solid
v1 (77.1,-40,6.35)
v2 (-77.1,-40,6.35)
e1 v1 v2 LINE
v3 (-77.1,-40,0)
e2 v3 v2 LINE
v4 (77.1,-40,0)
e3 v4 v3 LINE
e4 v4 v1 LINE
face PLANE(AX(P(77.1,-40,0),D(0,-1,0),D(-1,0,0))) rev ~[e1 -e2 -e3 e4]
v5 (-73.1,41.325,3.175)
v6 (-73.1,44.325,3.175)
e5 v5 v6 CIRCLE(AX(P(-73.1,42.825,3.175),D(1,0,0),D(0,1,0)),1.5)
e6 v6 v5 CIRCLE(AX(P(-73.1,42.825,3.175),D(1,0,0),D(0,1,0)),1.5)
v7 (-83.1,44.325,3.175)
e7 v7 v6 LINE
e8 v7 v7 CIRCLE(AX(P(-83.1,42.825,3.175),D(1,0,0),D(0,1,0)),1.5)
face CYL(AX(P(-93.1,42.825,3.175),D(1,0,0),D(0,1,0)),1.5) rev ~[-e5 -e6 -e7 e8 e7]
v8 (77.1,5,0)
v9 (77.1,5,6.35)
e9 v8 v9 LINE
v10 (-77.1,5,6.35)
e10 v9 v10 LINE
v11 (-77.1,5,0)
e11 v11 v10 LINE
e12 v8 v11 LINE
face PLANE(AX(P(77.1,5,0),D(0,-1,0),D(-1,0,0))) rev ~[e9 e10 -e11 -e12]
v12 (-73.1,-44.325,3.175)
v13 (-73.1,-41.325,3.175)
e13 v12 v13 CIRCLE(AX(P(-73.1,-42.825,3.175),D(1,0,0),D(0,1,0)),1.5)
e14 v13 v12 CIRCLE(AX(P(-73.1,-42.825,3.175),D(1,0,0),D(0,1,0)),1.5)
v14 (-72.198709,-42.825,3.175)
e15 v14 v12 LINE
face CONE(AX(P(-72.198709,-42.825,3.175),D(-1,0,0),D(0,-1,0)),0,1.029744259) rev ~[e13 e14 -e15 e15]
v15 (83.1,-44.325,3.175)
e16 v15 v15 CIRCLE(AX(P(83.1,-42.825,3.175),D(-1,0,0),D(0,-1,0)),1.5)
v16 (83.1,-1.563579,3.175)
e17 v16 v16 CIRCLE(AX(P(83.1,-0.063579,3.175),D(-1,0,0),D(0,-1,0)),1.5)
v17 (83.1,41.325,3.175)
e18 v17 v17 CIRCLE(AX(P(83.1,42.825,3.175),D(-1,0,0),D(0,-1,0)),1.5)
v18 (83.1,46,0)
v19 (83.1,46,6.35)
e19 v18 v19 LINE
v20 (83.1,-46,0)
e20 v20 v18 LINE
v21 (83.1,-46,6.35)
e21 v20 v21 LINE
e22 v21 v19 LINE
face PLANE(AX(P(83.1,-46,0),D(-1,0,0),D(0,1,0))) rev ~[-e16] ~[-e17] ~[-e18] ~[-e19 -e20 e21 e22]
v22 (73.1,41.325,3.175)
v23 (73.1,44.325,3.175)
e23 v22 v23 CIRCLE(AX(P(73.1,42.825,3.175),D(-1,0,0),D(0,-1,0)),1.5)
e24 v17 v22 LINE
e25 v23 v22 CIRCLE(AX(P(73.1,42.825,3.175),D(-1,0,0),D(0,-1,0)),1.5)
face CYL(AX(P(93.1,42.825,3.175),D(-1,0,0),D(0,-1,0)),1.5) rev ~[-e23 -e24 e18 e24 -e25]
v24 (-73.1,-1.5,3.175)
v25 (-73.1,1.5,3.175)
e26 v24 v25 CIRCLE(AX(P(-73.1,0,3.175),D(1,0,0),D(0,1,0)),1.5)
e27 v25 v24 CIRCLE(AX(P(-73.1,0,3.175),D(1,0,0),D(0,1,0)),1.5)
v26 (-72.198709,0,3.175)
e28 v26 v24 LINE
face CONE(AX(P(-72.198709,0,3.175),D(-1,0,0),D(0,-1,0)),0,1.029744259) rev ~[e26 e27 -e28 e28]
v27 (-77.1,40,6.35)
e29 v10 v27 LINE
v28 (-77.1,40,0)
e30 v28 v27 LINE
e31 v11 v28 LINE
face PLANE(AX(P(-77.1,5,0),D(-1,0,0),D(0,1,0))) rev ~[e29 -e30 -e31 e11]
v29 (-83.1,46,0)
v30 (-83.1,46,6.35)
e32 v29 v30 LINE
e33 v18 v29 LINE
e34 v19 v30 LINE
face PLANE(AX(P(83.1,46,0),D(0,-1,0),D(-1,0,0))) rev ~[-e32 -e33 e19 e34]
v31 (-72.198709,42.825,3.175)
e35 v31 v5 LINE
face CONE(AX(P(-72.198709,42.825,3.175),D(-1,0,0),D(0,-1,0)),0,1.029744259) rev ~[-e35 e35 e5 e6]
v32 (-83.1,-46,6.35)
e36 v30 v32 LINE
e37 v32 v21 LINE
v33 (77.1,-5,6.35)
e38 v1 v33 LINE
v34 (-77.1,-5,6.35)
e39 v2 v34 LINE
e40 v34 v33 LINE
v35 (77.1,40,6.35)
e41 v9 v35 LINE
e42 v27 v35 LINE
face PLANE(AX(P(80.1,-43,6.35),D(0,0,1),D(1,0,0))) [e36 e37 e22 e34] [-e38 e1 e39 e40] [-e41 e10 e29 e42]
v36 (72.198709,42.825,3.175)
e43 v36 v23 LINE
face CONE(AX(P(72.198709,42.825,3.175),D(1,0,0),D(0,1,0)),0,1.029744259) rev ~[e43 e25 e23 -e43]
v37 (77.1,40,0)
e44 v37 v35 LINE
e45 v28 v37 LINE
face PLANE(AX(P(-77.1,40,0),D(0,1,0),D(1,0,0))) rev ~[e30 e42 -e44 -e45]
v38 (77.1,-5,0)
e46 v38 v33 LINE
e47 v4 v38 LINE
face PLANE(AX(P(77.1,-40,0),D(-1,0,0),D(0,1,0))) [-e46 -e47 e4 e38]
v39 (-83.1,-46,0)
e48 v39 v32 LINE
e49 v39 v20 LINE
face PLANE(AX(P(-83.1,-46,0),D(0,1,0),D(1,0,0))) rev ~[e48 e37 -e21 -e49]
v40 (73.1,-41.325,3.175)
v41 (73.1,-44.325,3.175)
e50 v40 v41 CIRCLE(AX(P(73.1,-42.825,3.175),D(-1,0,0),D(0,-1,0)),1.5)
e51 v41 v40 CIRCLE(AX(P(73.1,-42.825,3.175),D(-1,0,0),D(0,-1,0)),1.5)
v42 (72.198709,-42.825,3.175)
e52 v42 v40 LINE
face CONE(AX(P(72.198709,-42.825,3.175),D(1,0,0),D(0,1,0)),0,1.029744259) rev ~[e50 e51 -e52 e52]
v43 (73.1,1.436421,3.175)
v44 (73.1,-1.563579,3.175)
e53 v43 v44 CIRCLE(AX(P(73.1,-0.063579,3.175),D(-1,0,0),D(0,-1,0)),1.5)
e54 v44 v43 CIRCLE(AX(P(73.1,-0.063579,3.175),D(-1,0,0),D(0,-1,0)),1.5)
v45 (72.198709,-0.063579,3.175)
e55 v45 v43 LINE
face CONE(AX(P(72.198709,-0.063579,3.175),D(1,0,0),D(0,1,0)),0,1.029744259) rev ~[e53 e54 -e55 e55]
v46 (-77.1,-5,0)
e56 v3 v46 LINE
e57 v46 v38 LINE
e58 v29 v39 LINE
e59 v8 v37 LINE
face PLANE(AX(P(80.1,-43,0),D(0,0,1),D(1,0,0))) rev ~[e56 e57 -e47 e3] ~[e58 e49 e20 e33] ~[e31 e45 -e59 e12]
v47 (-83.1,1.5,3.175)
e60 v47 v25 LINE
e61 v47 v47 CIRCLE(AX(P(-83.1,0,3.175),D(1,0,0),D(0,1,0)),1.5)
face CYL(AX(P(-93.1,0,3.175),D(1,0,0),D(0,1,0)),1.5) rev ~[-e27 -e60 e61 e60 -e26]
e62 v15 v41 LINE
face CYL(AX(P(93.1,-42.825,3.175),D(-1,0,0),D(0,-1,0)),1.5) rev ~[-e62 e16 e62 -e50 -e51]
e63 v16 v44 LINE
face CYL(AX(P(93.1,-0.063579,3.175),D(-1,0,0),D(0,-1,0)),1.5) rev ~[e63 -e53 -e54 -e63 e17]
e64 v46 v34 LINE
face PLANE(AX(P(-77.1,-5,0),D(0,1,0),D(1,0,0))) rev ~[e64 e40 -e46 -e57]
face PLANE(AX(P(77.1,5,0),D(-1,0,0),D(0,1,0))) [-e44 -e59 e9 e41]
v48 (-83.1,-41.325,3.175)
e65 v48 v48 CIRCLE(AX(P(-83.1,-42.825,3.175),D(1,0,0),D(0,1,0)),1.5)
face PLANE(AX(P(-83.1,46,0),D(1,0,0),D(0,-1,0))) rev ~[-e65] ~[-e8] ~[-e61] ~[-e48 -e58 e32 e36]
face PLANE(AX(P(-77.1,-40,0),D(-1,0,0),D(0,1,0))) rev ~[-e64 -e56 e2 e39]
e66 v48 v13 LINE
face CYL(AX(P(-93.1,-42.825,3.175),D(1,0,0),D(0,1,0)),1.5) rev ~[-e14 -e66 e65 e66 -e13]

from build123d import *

# Parameters (mm, degrees)
F0_W     = 6
F0_H     = 6
F0_W_2   = 154.2
F0_H_2   = 10
F0_H_3   = 35
F1_DEPTH = 6.35
F3_D     = 3
F3_DEPTH = 10
F3_TIP   = 0.9012909285
F5_D     = 3
F5_DEPTH = 10
F5_TIP   = 0.9012909285


with BuildPart() as f1:
    # F0 (on Top) → F1 (new body)
    with BuildSketch(Plane.XY):
        with Locations((80.1, -43)):
            Rectangle(F0_W, F0_H)
        with Locations((0, -43)):
            Rectangle(F0_W_2, F0_H)
        with Locations((-80.1, -43)):
            Rectangle(F0_W, F0_H)
        with Locations((80.1, 43)):
            Rectangle(F0_W, F0_H)
        with Locations((0, 43)):
            Rectangle(F0_W_2, F0_H)
        with Locations((-80.1, 43)):
            Rectangle(F0_W, F0_H)
        with Locations((80.1, 0)):
            Rectangle(F0_W, F0_H_2)
        Rectangle(F0_W_2, F0_H_2)
        with Locations((-80.1, 0)):
            Rectangle(F0_W, F0_H_2)
        with Locations((-80.1, 22.5)):
            Rectangle(F0_W, F0_H_3)
        with Locations((-80.1, -22.5)):
            Rectangle(F0_W, F0_H_3)
        with Locations((80.1, 22.5)):
            Rectangle(F0_W, F0_H_3)
        with Locations((80.1, -22.5)):
            Rectangle(F0_W, F0_H_3)
    extrude(amount=F1_DEPTH)

    # F3
    with Locations(Plane(origin=(-83.1, 0, 0), x_dir=(0, -1, 0), z_dir=(-1, 0, 0))):
        with Locations((-42.825, 3.175), (0, 3.175), (42.825, 3.175)):
            Hole(F3_D / 2, depth=F3_DEPTH)
            with Locations((0, 0, -(F3_DEPTH + F3_TIP / 2))):  # 118° drill point
                Cone(0, F3_D / 2, F3_TIP, mode=Mode.SUBTRACT)

    # F5
    with Locations(Plane.YZ.offset(83.1)):
        with Locations((-0.0635787927, 3.175), (-42.825, 3.175), (42.825, 3.175)):
            Hole(F5_D / 2, depth=F5_DEPTH)
            with Locations((0, 0, -(F5_DEPTH + F5_TIP / 2))):  # 118° drill point
                Cone(0, F5_D / 2, F5_TIP, mode=Mode.SUBTRACT)


solid = f1.part
